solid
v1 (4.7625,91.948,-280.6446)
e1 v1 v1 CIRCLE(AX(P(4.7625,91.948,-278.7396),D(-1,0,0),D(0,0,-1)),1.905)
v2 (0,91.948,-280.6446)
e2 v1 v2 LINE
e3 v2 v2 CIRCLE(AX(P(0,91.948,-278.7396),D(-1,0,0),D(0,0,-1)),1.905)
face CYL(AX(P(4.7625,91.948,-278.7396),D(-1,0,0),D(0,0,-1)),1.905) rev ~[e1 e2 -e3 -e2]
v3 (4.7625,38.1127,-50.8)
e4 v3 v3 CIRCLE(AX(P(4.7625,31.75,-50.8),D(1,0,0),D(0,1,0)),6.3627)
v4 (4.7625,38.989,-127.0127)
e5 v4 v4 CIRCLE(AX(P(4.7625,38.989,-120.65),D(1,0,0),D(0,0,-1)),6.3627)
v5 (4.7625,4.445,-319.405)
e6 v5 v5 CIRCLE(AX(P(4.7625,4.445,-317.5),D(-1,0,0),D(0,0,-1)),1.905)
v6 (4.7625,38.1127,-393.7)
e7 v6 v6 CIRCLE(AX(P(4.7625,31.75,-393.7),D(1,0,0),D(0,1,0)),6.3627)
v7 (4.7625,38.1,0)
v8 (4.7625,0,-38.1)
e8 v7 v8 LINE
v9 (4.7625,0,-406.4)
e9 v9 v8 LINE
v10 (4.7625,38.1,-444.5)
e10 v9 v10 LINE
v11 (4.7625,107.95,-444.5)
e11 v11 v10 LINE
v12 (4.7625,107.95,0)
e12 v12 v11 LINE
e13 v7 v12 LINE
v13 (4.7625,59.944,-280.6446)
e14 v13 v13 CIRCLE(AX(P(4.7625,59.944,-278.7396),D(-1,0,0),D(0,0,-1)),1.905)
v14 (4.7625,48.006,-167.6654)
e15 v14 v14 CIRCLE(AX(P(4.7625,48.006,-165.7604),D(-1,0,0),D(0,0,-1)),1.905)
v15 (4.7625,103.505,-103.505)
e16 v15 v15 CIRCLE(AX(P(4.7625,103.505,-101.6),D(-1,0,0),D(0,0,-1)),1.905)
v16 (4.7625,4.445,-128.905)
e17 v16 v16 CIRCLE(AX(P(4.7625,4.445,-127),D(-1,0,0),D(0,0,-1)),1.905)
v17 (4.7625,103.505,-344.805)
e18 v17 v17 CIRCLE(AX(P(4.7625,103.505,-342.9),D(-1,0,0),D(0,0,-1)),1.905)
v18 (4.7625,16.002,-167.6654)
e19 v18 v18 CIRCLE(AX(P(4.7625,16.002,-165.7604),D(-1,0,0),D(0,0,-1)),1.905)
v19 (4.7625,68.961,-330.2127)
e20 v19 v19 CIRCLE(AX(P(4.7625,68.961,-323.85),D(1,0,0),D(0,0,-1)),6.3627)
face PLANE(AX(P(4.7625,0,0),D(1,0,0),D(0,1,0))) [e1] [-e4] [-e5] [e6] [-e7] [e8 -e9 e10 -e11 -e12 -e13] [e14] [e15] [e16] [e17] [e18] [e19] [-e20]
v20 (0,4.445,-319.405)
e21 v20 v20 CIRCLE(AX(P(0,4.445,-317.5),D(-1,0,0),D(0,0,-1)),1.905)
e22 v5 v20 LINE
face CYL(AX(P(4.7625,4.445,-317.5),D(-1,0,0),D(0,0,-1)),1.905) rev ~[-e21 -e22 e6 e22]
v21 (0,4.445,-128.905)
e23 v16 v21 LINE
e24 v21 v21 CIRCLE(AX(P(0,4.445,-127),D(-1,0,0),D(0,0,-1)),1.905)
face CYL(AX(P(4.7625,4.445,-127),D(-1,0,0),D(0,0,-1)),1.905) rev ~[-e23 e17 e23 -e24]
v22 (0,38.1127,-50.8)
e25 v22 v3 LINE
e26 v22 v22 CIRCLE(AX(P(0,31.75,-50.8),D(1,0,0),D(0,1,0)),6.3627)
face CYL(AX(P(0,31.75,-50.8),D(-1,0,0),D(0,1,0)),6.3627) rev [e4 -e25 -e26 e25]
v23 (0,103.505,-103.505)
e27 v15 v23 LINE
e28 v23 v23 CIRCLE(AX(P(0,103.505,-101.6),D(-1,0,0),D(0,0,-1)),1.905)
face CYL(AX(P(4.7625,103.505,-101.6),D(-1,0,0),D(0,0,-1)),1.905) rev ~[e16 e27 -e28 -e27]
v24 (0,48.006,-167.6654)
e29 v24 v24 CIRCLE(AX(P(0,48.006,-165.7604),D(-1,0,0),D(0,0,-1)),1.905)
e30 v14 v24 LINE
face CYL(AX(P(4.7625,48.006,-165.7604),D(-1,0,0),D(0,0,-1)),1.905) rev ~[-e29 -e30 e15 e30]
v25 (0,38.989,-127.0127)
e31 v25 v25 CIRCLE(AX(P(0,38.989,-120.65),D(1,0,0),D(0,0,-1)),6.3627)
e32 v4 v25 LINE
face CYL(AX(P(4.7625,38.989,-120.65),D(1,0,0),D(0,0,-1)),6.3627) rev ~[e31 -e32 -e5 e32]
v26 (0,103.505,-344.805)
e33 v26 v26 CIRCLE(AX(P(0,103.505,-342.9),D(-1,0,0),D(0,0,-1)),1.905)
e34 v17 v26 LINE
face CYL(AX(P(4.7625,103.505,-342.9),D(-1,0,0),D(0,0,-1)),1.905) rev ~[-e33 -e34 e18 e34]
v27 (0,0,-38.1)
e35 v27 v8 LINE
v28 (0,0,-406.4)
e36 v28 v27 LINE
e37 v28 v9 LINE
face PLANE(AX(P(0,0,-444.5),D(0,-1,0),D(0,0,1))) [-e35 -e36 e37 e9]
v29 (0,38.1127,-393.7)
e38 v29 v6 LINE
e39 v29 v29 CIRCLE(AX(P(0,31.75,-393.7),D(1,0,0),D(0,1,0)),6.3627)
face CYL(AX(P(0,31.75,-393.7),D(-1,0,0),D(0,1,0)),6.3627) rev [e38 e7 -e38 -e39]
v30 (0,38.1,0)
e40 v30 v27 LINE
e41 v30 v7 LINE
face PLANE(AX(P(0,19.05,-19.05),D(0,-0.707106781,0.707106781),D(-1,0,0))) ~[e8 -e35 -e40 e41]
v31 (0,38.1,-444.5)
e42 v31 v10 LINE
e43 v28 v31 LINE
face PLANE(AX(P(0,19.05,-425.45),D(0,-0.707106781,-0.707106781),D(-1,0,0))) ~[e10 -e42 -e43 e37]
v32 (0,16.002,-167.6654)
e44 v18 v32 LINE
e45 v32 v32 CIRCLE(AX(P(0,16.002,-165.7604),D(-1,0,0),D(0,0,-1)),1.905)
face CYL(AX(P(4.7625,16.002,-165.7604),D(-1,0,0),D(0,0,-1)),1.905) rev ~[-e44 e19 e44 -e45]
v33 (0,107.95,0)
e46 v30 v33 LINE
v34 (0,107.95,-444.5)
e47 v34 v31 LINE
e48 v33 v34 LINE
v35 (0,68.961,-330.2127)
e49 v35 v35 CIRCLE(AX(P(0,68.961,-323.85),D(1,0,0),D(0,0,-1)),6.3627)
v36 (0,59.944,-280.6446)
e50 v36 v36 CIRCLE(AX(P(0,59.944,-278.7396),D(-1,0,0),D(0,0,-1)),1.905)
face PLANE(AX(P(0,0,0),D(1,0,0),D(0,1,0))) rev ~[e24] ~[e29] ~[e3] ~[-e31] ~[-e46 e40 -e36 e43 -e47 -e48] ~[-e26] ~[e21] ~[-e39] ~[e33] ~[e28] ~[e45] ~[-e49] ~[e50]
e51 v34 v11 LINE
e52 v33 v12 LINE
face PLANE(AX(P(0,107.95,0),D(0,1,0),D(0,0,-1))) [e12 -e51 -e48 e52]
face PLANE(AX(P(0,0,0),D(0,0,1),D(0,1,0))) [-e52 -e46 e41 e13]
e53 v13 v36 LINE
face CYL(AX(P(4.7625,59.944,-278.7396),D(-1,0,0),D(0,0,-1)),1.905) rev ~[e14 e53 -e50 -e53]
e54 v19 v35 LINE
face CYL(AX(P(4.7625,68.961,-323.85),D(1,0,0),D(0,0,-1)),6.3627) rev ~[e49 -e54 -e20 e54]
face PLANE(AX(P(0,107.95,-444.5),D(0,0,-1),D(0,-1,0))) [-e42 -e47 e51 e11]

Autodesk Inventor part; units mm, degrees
ref_plane "YZ Plane" through (0, 0, 0) normal (1, 0, 0) x (0, 1, 0)
ref_plane "XZ Plane" through (0, 0, 0) normal (0, 1, 0) x (-1, 0, 0)
ref_plane "XY Plane" through (0, 0, 0) normal (0, 0, 1) x (1, 0, 0)
sketch "Sketch1" plane through (0, 0, 0) normal (1, 0, 0) x (0, 1, 0)
  line L0 (0, 0) -> (107.95, 0)
  line L1 (107.95, 0) -> (107.95, -444.5)
  line L2 (107.95, -444.5) -> (0, -444.5)
  line L3 (0, -444.5) -> (0, 0)
  circle A0 centre (31.75, -50.8) radius 6.3627
  circle A1 centre (31.75, -393.7) radius 6.3627
  circle A2 centre (92.6338, -165.5318) radius 1.5875
  circle A3 centre (76.6318, -165.5318) radius 1.5875
  circle A4 centre (15.3162, -278.9682) radius 1.5875
  circle A5 centre (31.3182, -278.9682) radius 1.5875
  dimension "d0" = 107.95
  dimension "d1" = 444.5
  dimension "d2" = 12.7254
  dimension "d3" = 31.75
  dimension "d4" = 50.8
  dimension "d5" = 50.8
  dimension "d22" = 165.5318
  dimension "d23" = 3.175
  dimension "d24" = 15.3162
  dimension "d25" = 3.175
  dimension "d26" = 16.002
  dimension "d27" = 165.5318
  dimension "d28" = 3.175
  dimension "d29" = 15.3162
  dimension "d30" = 165.5318
  dimension "d31" = 3.175
  dimension "d32" = 16.002
  dimension "d33" = 165.5318
extrude "Extrusion1" add sketch "Sketch1" along normal blind 4.7625 contours L0 L1 L2 L3 | A2 | A3 | A4 | A5
chamfer "Chamfer1" distance 38.1 angle 45 1 edges at (2.3813, 0, 0)
chamfer "Chamfer2" distance 38.1 angle 45 1 edges at (2.3813, 0, -444.5)
sketch "Sketch2" plane through (4.7625, 0, 0) normal (1, 0, 0) x (0, 0, -1)
  line L0 (444.5, 38.1) -> (406.4, 0) projected
  line L1 (444.5, 38.1) -> (444.5, 107.95) projected
  line L2 (444.5, 107.95) -> (0, 107.95) projected
  line L3 (0, 107.95) -> (0, 38.1) projected
  line L4 (38.1, 0) -> (0, 38.1) projected
  line L5 (38.1, 0) -> (406.4, 0) projected
  circle A0 centre (393.7, 31.75) radius 6.3627 projected
  circle A1 centre (50.8, 31.75) radius 6.3627 projected
  circle A2 centre (120.65, 38.989) radius 6.3627
  circle A3 centre (323.85, 68.961) radius 6.3627
  point P0 (0, 0)
  dimension "d14" = 12.7254
  dimension "d15" = 120.65
  dimension "d17" = 12.7254
  dimension "d19" = 120.65
  dimension "d78" = 38.989
  dimension "d79" = 38.989
extrude "Extrusion2" cut sketch "Sketch2" against normal blind 25.4 contours A2 | A3
sketch "Sketch6" plane through (4.7625, 0, 0) normal (1, 0, 0) x (0, 0, -1)
  circle A0 centre (120.65, 38.989) radius 6.3627 projected
  circle A1 centre (323.85, 68.961) radius 6.3627 projected
  line L0 (444.5, 38.1) -> (406.4, 0) projected
  line L1 (444.5, 38.1) -> (444.5, 107.95) projected
  line L2 (444.5, 107.95) -> (0, 107.95) projected
  line L3 (0, 107.95) -> (0, 38.1) projected
  line L4 (38.1, 0) -> (0, 38.1) projected
  line L5 (38.1, 0) -> (406.4, 0) projected
  circle A2 centre (393.7, 31.75) radius 6.3627 projected
  circle A3 centre (50.8, 31.75) radius 6.3627 projected
  point P0 (0, 0)
  point P1 (165.7604, 48.006)
  point P2 (165.7604, 16.002)
  point P3 (278.7396, 91.948)
  point P4 (278.7396, 59.944)
  dimension "d80" = 32.004
  dimension "d81" = 45.1104
  dimension "d82" = 45.1104
  dimension "d83" = 16.002
  dimension "d84" = 45.1104
  dimension "d85" = 45.1104
  dimension "d86" = 32.004
  dimension "d87" = 16.002
hole "Hole1" at (4.7625, 48.006, -165.7604) at (4.7625, 16.002, -165.7604) at (4.7625, 91.948, -278.7396) at (4.7625, 59.944, -278.7396) direction (-1, 0, 0) diameter 3.81 end through all
sketch "Sketch7" plane through (4.7625, 0, 0) normal (1, 0, 0) x (0, 0, -1)
  circle A0 centre (278.7396, 91.948) radius 1.905 projected
  circle A1 centre (165.7604, 48.006) radius 1.905 projected
  circle A2 centre (165.7604, 16.002) radius 1.905 projected
  circle A3 centre (278.7396, 59.944) radius 1.905 projected
  circle A4 centre (120.65, 38.989) radius 6.3627 projected
  circle A5 centre (323.85, 68.961) radius 6.3627 projected
  line L0 (444.5, 38.1) -> (406.4, 0) projected
  line L1 (444.5, 38.1) -> (444.5, 107.95) projected
  line L2 (444.5, 107.95) -> (0, 107.95) projected
  line L3 (0, 107.95) -> (0, 38.1) projected
  line L4 (38.1, 0) -> (0, 38.1) projected
  line L5 (38.1, 0) -> (406.4, 0) projected
  circle A6 centre (393.7, 31.75) radius 6.3627 projected
  circle A7 centre (50.8, 31.75) radius 6.3627 projected
  point P0 (0, 0)
  point P1 (101.6, 103.505)
  point P2 (342.9, 103.505)
  point P3 (127, 4.445)
  point P4 (317.5, 4.445)
  dimension "d95" = 4.445
  dimension "d96" = 4.445
  dimension "d97" = 4.445
  dimension "d98" = 4.445
  dimension "d99" = 101.6
  dimension "d100" = 101.6
  dimension "d101" = 127
  dimension "d102" = 127
hole "Hole2" at (4.7625, 103.505, -101.6) at (4.7625, 103.505, -342.9) at (4.7625, 4.445, -127) at (4.7625, 4.445, -317.5) direction (-1, 0, 0) diameter 3.81 depth 25.4 tip angle 118
equation "\"d19\" = d15"
equation "\"d82\" = d81"
equation "\"d96\" = d95"
equation "\"d97\" = d95"
equation "\"d98\" = d95"
equation "\"d100\" = d99"
properties part number "DriveTrain3.0"
